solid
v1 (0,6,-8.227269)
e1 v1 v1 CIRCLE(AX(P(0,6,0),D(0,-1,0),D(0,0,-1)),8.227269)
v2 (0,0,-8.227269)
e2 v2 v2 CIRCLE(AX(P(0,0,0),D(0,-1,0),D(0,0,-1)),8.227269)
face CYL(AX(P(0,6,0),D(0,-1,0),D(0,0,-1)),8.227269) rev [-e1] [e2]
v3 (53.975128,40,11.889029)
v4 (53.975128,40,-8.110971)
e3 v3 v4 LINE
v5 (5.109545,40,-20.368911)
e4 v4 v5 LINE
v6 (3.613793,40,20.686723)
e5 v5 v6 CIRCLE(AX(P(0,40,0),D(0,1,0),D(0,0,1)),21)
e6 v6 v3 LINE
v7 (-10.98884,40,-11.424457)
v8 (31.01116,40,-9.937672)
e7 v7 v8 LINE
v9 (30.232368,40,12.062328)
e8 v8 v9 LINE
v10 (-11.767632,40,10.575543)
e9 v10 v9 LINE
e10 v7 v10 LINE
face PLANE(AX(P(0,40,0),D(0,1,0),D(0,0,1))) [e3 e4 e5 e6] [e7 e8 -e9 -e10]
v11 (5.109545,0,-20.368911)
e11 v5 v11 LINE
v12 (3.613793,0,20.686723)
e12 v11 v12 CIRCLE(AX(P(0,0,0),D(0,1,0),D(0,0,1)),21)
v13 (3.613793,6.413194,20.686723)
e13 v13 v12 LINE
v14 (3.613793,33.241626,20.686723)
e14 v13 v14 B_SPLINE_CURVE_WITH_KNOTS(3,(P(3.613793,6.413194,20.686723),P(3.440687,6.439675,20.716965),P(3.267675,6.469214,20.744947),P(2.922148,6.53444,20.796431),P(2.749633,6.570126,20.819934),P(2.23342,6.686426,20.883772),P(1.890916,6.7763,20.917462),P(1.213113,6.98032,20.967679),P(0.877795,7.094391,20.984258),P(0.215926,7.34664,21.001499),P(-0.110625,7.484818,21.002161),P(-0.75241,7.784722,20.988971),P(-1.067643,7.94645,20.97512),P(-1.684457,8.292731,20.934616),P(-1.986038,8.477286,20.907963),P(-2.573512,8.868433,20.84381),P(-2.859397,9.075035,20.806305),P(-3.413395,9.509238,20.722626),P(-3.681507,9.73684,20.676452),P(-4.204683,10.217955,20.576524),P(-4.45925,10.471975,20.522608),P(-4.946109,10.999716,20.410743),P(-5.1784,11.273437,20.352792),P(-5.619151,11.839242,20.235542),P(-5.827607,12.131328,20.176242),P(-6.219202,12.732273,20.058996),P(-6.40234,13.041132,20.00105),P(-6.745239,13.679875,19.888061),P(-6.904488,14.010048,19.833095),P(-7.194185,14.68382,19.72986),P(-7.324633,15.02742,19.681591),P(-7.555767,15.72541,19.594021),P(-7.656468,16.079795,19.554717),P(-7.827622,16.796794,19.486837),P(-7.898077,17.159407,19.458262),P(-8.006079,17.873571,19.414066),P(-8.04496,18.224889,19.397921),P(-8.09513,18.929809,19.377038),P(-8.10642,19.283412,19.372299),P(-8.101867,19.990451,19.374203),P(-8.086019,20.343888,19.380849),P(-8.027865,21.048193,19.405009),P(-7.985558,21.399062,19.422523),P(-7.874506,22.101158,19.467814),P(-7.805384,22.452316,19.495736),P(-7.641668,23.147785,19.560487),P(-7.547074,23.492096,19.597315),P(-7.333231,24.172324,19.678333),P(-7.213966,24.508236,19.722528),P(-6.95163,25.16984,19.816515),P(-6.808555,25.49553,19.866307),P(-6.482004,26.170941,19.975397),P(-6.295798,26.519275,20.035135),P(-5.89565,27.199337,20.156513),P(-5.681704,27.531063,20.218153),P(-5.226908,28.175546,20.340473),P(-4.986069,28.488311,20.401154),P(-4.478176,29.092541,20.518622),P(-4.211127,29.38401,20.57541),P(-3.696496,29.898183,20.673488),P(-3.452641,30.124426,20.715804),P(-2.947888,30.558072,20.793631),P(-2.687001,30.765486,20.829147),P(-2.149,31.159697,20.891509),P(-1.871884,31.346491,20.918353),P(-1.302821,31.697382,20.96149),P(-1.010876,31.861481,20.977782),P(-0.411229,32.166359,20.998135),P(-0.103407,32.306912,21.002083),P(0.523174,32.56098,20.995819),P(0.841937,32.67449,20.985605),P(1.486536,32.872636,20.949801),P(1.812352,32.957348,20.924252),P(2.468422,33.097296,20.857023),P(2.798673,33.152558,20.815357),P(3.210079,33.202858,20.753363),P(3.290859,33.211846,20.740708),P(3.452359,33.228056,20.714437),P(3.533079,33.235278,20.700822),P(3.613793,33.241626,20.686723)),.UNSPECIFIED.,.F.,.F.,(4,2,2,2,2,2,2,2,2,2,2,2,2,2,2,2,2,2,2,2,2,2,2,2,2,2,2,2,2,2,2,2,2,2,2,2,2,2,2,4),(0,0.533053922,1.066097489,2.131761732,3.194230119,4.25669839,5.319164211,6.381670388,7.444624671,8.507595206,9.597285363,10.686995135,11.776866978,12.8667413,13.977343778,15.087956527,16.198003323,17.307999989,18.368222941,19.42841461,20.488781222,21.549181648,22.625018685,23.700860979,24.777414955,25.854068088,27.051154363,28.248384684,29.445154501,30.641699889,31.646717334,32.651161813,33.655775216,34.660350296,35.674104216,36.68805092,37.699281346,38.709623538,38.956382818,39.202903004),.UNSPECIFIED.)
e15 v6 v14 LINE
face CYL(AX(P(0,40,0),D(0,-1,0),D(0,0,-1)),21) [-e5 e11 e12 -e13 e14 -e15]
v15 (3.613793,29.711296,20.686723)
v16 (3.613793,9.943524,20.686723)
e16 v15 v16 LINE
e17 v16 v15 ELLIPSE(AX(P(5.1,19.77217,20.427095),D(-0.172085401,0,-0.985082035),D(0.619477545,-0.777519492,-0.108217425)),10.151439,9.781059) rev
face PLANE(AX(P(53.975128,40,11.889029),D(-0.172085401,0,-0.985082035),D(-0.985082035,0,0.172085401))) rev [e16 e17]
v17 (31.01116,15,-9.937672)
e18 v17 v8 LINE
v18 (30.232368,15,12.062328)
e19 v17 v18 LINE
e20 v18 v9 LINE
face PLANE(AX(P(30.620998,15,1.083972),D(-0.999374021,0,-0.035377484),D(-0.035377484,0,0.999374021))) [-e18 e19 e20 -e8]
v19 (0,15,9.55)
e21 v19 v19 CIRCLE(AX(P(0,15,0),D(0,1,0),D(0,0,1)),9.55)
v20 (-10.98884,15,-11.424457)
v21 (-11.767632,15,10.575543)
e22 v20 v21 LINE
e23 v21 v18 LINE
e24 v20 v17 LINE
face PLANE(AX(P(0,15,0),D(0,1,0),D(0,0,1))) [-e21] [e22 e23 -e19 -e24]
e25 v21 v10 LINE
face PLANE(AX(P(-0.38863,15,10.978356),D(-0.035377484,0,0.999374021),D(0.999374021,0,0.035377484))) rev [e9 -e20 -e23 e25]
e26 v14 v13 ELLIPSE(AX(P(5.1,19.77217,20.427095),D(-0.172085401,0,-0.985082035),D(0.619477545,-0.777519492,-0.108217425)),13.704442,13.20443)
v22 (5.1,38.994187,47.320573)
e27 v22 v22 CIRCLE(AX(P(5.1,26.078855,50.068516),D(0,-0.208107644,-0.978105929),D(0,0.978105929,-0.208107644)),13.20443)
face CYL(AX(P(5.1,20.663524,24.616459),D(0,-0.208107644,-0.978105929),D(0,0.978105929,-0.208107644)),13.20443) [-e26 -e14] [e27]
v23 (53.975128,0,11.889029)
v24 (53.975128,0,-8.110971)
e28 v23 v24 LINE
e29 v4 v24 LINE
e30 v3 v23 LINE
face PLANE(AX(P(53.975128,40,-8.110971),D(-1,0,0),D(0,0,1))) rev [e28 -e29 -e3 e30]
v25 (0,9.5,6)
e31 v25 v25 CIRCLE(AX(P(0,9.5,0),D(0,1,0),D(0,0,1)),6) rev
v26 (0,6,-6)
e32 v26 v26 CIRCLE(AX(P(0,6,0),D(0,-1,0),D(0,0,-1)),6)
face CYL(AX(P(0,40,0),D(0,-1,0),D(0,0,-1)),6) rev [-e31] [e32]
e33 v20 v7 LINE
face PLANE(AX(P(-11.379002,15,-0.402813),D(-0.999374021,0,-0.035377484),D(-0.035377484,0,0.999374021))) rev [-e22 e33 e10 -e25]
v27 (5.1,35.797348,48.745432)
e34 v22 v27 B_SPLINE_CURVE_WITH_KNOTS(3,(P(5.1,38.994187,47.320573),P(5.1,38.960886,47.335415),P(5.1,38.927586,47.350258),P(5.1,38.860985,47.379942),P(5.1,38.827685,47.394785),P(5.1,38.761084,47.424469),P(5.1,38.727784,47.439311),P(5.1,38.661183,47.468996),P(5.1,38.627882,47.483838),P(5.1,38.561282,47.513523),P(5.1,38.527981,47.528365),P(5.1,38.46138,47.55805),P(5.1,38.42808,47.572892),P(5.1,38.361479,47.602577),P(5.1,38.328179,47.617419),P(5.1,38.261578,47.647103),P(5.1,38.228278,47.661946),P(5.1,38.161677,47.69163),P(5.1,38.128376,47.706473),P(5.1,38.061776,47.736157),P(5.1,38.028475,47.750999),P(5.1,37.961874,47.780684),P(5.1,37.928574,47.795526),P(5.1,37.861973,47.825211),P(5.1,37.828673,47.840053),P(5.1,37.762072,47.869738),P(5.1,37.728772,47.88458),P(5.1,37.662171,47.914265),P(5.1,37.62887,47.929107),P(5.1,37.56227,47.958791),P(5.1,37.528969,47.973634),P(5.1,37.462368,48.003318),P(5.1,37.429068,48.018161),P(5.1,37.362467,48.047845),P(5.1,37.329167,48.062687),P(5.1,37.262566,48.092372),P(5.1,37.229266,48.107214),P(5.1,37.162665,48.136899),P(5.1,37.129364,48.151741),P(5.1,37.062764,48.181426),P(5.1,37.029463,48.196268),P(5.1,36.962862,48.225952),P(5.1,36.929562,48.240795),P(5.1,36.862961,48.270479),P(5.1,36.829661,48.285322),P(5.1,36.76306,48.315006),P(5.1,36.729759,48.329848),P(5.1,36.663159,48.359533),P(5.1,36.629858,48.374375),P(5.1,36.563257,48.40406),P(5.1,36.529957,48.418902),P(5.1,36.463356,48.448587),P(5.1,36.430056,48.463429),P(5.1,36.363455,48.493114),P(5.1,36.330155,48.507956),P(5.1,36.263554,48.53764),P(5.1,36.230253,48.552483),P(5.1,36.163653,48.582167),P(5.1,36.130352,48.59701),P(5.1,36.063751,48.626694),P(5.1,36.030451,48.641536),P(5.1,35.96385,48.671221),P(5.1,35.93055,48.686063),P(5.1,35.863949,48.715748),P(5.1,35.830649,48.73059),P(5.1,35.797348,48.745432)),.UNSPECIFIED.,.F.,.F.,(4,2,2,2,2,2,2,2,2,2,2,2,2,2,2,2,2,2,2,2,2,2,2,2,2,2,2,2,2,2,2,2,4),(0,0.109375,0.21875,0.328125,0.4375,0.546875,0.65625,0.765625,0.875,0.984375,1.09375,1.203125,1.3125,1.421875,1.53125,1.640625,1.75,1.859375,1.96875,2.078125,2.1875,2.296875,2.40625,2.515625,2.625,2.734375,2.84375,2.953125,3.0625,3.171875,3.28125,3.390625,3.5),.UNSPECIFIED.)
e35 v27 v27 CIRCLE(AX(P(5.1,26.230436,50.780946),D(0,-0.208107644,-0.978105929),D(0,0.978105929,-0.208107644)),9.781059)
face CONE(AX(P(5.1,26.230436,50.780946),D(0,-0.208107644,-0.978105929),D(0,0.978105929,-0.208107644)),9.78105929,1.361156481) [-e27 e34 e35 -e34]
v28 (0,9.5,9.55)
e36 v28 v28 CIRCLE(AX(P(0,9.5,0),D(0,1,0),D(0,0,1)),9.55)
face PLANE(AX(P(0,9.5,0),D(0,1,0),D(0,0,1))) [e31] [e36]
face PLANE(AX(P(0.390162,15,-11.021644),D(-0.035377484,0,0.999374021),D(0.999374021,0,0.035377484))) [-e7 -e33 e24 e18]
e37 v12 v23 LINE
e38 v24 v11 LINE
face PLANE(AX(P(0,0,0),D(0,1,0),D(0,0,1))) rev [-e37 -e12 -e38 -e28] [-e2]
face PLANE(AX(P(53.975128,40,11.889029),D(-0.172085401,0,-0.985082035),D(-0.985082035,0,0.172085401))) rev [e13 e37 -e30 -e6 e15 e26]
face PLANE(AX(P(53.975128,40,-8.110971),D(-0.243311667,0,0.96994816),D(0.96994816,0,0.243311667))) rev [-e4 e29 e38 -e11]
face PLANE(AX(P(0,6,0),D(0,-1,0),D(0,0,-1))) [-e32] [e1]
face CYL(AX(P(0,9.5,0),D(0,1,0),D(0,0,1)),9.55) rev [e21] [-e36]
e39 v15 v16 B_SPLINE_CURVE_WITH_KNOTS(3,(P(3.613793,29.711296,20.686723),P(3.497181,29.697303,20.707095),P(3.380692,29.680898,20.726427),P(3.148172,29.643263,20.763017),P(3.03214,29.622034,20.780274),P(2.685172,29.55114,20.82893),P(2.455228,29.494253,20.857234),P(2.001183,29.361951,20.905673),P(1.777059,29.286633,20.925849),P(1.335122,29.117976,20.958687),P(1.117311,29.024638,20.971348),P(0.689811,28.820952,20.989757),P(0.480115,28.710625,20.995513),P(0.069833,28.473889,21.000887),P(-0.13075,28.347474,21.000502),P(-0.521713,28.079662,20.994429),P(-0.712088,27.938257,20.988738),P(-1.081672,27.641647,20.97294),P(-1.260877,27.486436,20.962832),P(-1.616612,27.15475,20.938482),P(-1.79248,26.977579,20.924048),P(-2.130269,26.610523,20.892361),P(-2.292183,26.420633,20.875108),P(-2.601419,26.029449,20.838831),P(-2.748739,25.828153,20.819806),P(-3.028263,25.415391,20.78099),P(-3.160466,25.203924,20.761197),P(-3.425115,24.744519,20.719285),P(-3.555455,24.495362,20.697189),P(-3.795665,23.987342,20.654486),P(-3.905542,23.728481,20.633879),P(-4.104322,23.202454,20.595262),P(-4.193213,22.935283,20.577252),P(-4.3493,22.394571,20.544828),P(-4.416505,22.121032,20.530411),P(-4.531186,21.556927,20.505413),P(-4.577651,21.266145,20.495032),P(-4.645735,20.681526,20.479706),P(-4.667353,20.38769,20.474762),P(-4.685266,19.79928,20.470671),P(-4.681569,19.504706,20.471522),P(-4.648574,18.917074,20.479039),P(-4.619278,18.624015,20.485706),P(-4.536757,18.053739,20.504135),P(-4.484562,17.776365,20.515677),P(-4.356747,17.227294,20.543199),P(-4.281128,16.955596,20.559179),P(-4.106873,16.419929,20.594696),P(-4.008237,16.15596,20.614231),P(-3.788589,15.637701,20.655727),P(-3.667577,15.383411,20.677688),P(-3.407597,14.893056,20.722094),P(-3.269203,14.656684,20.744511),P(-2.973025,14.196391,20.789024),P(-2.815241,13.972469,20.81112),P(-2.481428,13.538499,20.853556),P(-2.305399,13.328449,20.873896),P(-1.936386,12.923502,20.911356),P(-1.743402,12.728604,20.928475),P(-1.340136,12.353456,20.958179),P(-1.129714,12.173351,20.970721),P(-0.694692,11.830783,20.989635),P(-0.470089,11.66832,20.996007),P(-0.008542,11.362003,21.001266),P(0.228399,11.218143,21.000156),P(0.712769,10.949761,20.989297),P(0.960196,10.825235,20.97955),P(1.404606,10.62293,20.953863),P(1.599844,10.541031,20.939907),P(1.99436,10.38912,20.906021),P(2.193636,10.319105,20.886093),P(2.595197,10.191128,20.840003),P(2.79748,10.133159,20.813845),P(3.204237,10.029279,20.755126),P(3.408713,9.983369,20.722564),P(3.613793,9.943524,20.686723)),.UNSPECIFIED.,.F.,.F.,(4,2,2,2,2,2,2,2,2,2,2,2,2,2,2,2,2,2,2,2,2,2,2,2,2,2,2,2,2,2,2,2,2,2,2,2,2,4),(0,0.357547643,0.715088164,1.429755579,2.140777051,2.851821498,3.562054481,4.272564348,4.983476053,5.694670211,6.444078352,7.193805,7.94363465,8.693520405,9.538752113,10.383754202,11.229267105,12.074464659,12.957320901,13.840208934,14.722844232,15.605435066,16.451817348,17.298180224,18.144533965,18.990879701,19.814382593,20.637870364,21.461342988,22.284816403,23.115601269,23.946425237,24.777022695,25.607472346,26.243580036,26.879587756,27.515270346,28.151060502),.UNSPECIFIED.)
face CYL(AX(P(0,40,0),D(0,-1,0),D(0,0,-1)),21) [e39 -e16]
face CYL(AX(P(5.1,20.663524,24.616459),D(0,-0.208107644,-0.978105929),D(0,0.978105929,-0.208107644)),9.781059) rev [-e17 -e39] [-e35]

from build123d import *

# Parameters (mm, degrees)
CROQUIS1_R              = 21
SALIENTE_EXTRUIR1_DEPTH = 40
SALIENTE_EXTRUIR2_DEPTH = 40
SALIENTE_EXTRUIR3_REACH = 77.493
CROQUIS3_R              = 13.5
CROQUIS3_R_2            = 10
CROQUIS7_R              = 8.227269221
CROQUIS7_R_2            = 6
CORTAR_EXTRUIR6_DEPTH   = 6
CROQUIS8_R              = 6
CORTAR_EXTRUIR7_DEPTH   = 72.223648425
CORTAR_EXTRUIR8_START   = -25
CORTAR_EXTRUIR8_DEPTH   = 25
CROQUIS12_R             = 9.55
CORTAR_EXTRUIR9_DEPTH   = 5.5
CORTAR_EXTRUIR10_DEPTH  = 86.45696425


with BuildPart() as part:
    # Croquis1 → Saliente-Extruir1 (new body)
    with BuildSketch(Plane(origin=(0, 0, 0), x_dir=(1, 0, 0), z_dir=(0, 1, 0))):
        with Locations(Location((0, 0, 0), (0, 0, 270))):
            Circle(CROQUIS1_R)
    extrude(amount=SALIENTE_EXTRUIR1_DEPTH)

    # Croquis2 → Saliente-Extruir2 (add)
    with BuildSketch(Plane(origin=(0, 0, 0), x_dir=(1, 0, 0), z_dir=(0, 1, 0))):
        with BuildLine():
            Line((53.975127576, 8.110971331), (53.975127576, -11.889028669))
            Line((53.975127576, -11.889028669), (3.613793412, -20.686722727))
            ThreePointArc((3.613793412, -20.686722727), (20.98607707, -0.764571273), (5.109545014, 20.368911354))
            Line((5.109545014, 20.368911354), (53.975127576, 8.110971331))
        make_face()
    extrude(amount=SALIENTE_EXTRUIR2_DEPTH)

    # Croquis3 → Saliente-Extruir3 (add, up to next)
    with BuildSketch(Plane(origin=(5.109545014, 0, -20.368911354), x_dir=(-0.9699481597219111, 0, -0.24331166731597212), z_dir=(0.2433116673159721, 0, -0.969948159721911)), mode=Mode.PRIVATE) as saliente_extruir3_sk1:
        with Locations((0, 20)):
            Circle(CROQUIS3_R)
        with Locations((0, 20)):
            Circle(CROQUIS3_R_2, mode=Mode.SUBTRACT)
    saliente_extruir3_tool1 = extrude(saliente_extruir3_sk1.sketch, amount=-SALIENTE_EXTRUIR3_REACH, mode=Mode.PRIVATE) - part.part
    add(saliente_extruir3_tool1.solids().sort_by_distance((17.833482, 20, -17.177109))[0])

    # Croquis7 → Cortar-Extruir6 (cut)
    with BuildSketch(Plane.XZ):
        with Locations(Location((0, 0, 0), (0, 0, 270))):
            Circle(CROQUIS7_R)
        with Locations(Location((0, 0, 0), (0, 0, 270))):
            Circle(CROQUIS7_R_2, mode=Mode.SUBTRACT)
    extrude(amount=-CORTAR_EXTRUIR6_DEPTH, mode=Mode.SUBTRACT)

    # Croquis8 → Cortar-Extruir7 (cut, through all)
    with BuildSketch(Plane.XZ):
        with Locations(Location((0, 0, 0), (0, 0, 270))):
            Circle(CROQUIS8_R)
    extrude(amount=-CORTAR_EXTRUIR7_DEPTH, mode=Mode.SUBTRACT)

    # Croquis10 → Cortar-Extruir8 (cut)
    with BuildSketch(Plane(origin=(0, 40, 0), x_dir=(1, 0, 0), z_dir=(0, 1, 0)).offset(CORTAR_EXTRUIR8_START)):
        with BuildLine():
            Line((-5.995438853, 0.23390802), (-11.37823559, 0.424457107))
            Line((-11.37823559, 0.424457107), (-11.767631672, -10.575542893))
            Line((-11.767631672, -10.575542893), (30.232368328, -12.062327932))
            Line((30.232368328, -12.062327932), (30.62176441, -1.062327932))
            Line((30.62176441, -1.062327932), (5.996971268, -0.190619027))
            ThreePointArc((5.996971268, -0.190619027), (-0.212264906, -5.996244125), (-5.995438853, 0.23390802))
        make_face()
        with BuildLine():
            Line((-10.988839509, 11.424457107), (-11.37823559, 0.424457107))
            Line((-11.37823559, 0.424457107), (-5.995438853, 0.23390802))
            ThreePointArc((-5.995438853, 0.23390802), (0.116976243, 5.998859605), (6, 0))
            ThreePointArc((6, 0), (5.999242769, -0.095321543), (5.996971268, -0.190619027))
            Line((5.996971268, -0.190619027), (30.62176441, -1.062327932))
            Line((30.62176441, -1.062327932), (31.011160491, 9.937672068))
            Line((31.011160491, 9.937672068), (-10.988839509, 11.424457107))
        make_face()
    extrude(amount=CORTAR_EXTRUIR8_DEPTH, mode=Mode.SUBTRACT)

    # Croquis12 → Cortar-Extruir9 (cut)
    with BuildSketch(Plane(origin=(0, 15, 0), x_dir=(1, 0, 0), z_dir=(0, 1, 0))):
        with Locations(Location((0, 0, 0), (0, 0, 270))):
            Circle(CROQUIS12_R)
    extrude(amount=-CORTAR_EXTRUIR9_DEPTH, mode=Mode.SUBTRACT)

    # Croquis4 → Revolución3 (revolve)
    with BuildSketch(Plane(origin=(5.1, 0, 0), x_dir=(0, 0, -1), z_dir=(1, 0, 0)), mode=Mode.PRIVATE) as revoluci_n3_sk:
        Polygon((-24.61645883, 10.663524112), (-17.776790486, 9.208275528), (-17.776790486, 5.708275528), (-52.81645883, 13.163524112), (-52.81645883, 16.663524112), align=None)
    revolve(revoluci_n3_sk.sketch.rotate(Axis((5.1, 20.663524112, 24.61645883), (0, 0.20810764446485971, 0.9781059289848353)), 180), axis=Axis((5.1, 20.663524112, 24.61645883), (0, 0.20810764446485971, 0.9781059289848353)))

    # Croquis17 → Cortar-Extruir10 (cut, through all)
    with BuildSketch(Plane(origin=(0, 40, 0), x_dir=(1, 0, 0), z_dir=(0, 1, 0))):
        with BuildLine():
            Line((5.109545014, 20.368911354), (5.109545014, 31.680559043))
            Line((5.109545014, 31.680559043), (-13.688349404, 31.680559043))
            Line((-13.688349404, 31.680559043), (-13.688349404, 15.925736736))
            ThreePointArc((-13.688349404, 15.925736736), (-4.830571536, 20.436868122), (5.109545014, 20.368911354))
        make_face()
    extrude(amount=-CORTAR_EXTRUIR10_DEPTH, mode=Mode.SUBTRACT)


solid = part.part
